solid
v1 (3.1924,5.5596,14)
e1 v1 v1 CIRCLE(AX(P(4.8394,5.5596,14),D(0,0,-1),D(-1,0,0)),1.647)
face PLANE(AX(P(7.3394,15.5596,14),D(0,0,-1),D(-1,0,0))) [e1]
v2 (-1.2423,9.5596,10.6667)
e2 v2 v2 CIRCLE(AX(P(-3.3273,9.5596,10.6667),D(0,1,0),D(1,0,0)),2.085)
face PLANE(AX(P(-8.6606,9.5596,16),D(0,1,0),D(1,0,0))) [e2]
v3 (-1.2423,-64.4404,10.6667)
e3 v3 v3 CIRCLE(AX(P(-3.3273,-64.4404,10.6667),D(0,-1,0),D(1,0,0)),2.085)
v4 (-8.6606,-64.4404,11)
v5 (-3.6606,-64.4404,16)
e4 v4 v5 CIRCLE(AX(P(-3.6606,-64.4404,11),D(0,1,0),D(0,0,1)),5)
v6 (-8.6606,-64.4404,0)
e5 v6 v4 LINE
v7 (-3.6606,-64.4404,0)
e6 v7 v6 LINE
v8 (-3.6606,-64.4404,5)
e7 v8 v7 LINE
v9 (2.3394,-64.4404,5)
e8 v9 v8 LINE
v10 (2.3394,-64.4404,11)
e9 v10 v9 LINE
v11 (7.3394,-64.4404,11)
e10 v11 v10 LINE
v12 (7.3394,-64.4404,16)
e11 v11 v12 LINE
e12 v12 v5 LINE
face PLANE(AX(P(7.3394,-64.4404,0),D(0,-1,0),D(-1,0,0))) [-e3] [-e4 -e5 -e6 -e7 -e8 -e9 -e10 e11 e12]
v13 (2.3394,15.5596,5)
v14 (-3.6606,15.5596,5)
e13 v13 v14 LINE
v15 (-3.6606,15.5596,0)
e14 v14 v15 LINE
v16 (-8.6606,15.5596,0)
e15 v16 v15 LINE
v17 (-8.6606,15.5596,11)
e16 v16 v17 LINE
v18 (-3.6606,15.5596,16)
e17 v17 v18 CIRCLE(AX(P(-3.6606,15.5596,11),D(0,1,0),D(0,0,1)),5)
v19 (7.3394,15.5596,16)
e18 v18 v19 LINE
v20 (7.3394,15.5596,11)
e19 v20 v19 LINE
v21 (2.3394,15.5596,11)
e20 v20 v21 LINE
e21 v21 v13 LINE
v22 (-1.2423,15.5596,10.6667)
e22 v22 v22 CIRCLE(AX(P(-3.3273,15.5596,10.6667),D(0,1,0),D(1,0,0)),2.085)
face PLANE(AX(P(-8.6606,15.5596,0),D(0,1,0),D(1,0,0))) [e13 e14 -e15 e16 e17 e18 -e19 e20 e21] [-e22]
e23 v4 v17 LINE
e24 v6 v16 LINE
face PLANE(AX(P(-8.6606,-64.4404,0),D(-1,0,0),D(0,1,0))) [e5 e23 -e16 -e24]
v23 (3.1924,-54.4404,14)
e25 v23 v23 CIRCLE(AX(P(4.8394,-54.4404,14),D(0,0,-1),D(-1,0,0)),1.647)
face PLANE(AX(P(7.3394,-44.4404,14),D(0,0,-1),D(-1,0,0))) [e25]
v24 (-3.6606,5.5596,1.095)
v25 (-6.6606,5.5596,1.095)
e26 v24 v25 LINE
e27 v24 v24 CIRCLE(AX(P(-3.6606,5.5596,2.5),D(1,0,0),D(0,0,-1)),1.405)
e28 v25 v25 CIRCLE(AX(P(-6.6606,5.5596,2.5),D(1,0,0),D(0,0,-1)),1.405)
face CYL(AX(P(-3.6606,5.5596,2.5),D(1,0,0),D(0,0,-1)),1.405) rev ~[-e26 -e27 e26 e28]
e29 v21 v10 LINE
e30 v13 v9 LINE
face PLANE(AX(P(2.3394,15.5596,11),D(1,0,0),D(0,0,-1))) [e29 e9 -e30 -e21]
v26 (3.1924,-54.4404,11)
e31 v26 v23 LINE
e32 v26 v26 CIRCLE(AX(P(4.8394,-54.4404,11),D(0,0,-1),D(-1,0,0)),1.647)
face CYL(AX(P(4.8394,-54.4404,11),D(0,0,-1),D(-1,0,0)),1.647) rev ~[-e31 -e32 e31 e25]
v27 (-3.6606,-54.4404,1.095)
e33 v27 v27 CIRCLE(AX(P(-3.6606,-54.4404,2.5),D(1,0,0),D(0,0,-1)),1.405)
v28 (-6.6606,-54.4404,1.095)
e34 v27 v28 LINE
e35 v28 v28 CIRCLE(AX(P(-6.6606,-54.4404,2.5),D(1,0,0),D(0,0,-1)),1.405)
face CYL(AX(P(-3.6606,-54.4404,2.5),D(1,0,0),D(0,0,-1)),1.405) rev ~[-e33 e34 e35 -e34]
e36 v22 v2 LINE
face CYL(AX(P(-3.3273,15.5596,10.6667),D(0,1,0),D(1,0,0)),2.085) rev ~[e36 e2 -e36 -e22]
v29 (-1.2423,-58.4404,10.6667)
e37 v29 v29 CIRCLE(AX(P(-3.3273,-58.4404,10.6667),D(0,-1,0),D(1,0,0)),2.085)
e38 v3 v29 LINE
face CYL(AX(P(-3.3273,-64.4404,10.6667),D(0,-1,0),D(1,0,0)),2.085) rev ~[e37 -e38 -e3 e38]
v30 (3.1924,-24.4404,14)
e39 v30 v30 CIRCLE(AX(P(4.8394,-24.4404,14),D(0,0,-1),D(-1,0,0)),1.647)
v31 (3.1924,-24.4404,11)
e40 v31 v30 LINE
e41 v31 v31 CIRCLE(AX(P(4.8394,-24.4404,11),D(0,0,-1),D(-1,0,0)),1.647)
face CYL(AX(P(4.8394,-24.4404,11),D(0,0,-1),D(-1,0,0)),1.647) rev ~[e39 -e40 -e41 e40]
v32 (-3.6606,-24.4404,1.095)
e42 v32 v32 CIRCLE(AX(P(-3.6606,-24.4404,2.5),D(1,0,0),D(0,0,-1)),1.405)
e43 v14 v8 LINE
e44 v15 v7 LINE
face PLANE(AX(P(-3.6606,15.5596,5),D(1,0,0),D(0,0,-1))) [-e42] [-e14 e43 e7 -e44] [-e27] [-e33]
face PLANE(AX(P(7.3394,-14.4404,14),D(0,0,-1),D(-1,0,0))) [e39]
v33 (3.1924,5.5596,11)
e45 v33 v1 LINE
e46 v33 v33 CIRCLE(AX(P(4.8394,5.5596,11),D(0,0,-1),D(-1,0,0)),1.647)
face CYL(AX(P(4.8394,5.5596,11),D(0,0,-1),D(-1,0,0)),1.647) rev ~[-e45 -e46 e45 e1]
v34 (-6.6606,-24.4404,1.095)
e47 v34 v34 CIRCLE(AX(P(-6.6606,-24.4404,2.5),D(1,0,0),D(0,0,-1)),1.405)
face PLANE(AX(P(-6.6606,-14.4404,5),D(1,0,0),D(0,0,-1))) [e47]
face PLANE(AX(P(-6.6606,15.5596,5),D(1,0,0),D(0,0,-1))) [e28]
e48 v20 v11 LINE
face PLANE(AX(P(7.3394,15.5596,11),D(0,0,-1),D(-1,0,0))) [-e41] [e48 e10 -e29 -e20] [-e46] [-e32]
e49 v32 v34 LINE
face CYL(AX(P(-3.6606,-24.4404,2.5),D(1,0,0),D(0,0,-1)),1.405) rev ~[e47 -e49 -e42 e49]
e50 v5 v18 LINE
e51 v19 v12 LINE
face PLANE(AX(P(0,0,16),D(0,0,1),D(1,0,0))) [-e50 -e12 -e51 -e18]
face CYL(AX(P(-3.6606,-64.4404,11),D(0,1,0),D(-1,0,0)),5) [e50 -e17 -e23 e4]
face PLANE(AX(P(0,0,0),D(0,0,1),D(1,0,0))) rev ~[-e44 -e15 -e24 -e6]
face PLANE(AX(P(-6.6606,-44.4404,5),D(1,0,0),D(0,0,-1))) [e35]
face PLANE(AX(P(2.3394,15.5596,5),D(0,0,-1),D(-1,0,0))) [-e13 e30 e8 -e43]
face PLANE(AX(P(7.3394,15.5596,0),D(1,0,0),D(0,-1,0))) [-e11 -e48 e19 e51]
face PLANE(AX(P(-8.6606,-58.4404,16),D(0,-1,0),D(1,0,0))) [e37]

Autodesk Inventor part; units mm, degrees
ref_plane "YZ Plane" through (0, 0, 0) normal (1, 0, 0) x (0, 1, 0)
ref_plane "XZ Plane" through (0, 0, 0) normal (0, 1, 0) x (-1, 0, 0)
ref_plane "XY Plane" through (0, 0, 0) normal (0, 0, 1) x (1, 0, 0)
sketch "Sketch1" plane through (0, 0, 0) normal (0, 0, 1) x (1, 0, 0)
  line L0 (-8.6606, 15.5596) -> (7.3394, 15.5596)
  line L1 (7.3394, 15.5596) -> (7.3394, -64.4404)
  line L2 (7.3394, -64.4404) -> (-8.6606, -64.4404)
  line L3 (-8.6606, -64.4404) -> (-8.6606, 15.5596)
  point P0 (0, 0)
  dimension "d2" = 16
  dimension "d3" = 80
extrude "Extrusion1" add sketch "Sketch1" along normal blind 16
sketch "Sketch2" plane through (-8.6606, 15.5596, 0) normal (0, 1, 0) x (1, 0, 0)
  line L0 (16, 0) -> (16, -16) projected
  line L1 (16, -11) -> (11, -11)
  line L2 (11, -11) -> (11, -5)
  line L3 (11, -5) -> (16, -5)
  line L4 (16, -5) -> (16, -11)
  line L5 (16, 0) -> (0, 0) projected
  line L6 (5, 0) -> (11, 0)
  line L7 (11, 0) -> (11, -5)
  line L8 (11, -5) -> (5, -5)
  line L9 (5, -5) -> (5, 0)
  line L10 (16, -16) -> (0, -16) projected
  line L11 (0, 0) -> (0, -16) projected
  point P0 (8.6606, 0)
  point P1 (5, -16)
  point P2 (0, -11)
  dimension "d5" = 5
  dimension "d6" = 5
  dimension "d7" = 5
  dimension "d8" = 5
  dimension "d9" = 5
  dimension "d10" = 5
extrude "Extrusion2" cut sketch "Sketch2" against normal blind 80 contours L0 L3 L7 L5 | L0 L1 L2 L3 | L7 L8 L9 L5
sketch "Sketch4" plane through (-8.6606, 15.5596, 16) normal (0, 1, 0) x (1, 0, 0)
  line L0 (6.9788, 8.1833) -> (8.6242, 5.3333)
  line L1 (8.6242, 5.3333) -> (6.9788, 2.4833)
  line L2 (6.9788, 2.4833) -> (3.6879, 2.4833)
  line L3 (3.6879, 2.4833) -> (2.0424, 5.3333)
  line L4 (2.0424, 5.3333) -> (3.6879, 8.1833)
  line L5 (3.6879, 8.1833) -> (6.9788, 8.1833)
  line L6 (16, 0) -> (0, 0) projected
  line L7 (0, 16) -> (0, 0) projected
  circle A0 centre (5.3333, 5.3333) radius 2.085
  point P0 (8.6606, 16)
  dimension "d13" = 5.3333
  dimension "d14" = 5.3333
  dimension "d15" = 5.7
  dimension "d23" = 4.17
extrude "Extrusion3" cut sketch "Sketch4" against normal blind 6 from surface at 0 contours A0
sketch "Sketch5" plane through (-8.6606, -64.4404, 16) normal (0, -1, 0) x (1, 0, 0)
  line L0 (3.6879, -2.4833) -> (2.0424, -5.3333) projected
  line L1 (3.6879, -2.4833) -> (6.9788, -2.4833)
  line L2 (6.9788, -2.4833) -> (8.6242, -5.3333)
  line L3 (8.6242, -5.3333) -> (6.9788, -8.1833)
  line L4 (6.9788, -8.1833) -> (3.6879, -8.1833)
  line L5 (3.6879, -8.1833) -> (2.0424, -5.3333)
  line L6 (2.0424, -5.3333) -> (3.6879, -2.4833)
  line L7 (0, 0) -> (16, 0) projected
  line L8 (0, -16) -> (0, 0) projected
  circle A0 centre (5.3333, -5.3333) radius 2.085
  point P0 (8.6606, -16)
  dimension "d18" = 5.3333
  dimension "d19" = 5.3333
  dimension "d24" = 4.17
extrude "Extrusion4" cut sketch "Sketch5" against normal blind 6 contours A0
fillet "Fillet2" radius 5 1 edges at (-8.6606, -24.4404, 16)
sketch "Sketch6" plane through (-3.6606, 15.5596, 5) normal (1, 0, 0) x (0, 0, -1)
  circle A0 centre (2.5, -10) radius 1.405
  line L0 (5, 0) -> (5, -80) projected
  line L1 (0, 0) -> (5, 0) projected
  point P0 (5, -15.5596)
  dimension "d25" = 2.81
  dimension "d26" = 2.5
  dimension "d27" = 10
extrude "Extrusion5" cut sketch "Sketch6" against normal blind 3
pattern_linear "Rectangular Pattern1" count 3 spacing 30 along (0, -1, 0) of "Extrusion5"
sketch "Sketch7" plane through (7.3394, 15.5596, 11) normal (0, 0, -1) x (-1, 0, 0)
  circle A0 centre (2.5, -10) radius 1.647
  line L0 (0, 0) -> (5, 0) projected
  line L1 (0, -80) -> (0, 0) projected
  point P0 (7.3394, -15.5596)
  dimension "d33" = 10
  dimension "d34" = 2.5
extrude "Extrusion6" cut sketch "Sketch7" against normal blind 3
pattern_linear "Rectangular Pattern2" count 3 spacing 30 along (0, -1, 0) of "Extrusion6"
equation "\"d2\" = SheetThickness + 2 * CornerOffset"
equation "\"d3\" = BoxHeight"
equation "\"d0\" = SheetThickness + 2 * CornerOffset"
equation "\"d5\" = CornerOffset"
equation "\"d6\" = CornerOffset"
equation "\"d7\" = CornerOffset"
equation "\"d8\" = CornerOffset"
equation "\"d9\" = CornerOffset"
equation "\"d10\" = CornerOffset"
equation "\"d11\" = BoxHeight"
equation "\"d13\" = 0.666667 * CornerOffset + 0.333333 * SheetThickness"
equation "\"d14\" = 0.666667 * CornerOffset + 0.333333 * SheetThickness"
equation "\"d15\" = NutS"
equation "\"d23\" = NutThreadD2"
equation "\"d16\" = NutThreadL"
equation "\"d18\" = 0.666667 * CornerOffset + 0.333333 * SheetThickness"
equation "\"d24\" = NutThreadD2"
equation "\"d20\" = NutThreadL"
equation "\"d25\" = SideNutThreadd2"
equation "\"d26\" = SideNutWidth"
equation "\"d27\" = SideNutDistance"
equation "\"d33\" = SideNutDistance"
equation "\"d34\" = SideNutWidth"
equation "\"BoxHeight\" = 80"
equation "\"SheetThickness\" = 6"
equation "\"CornerOffset\" = 5"
equation "\"NutM\" = 2.7"
equation "\"NutS\" = 5.7"
equation "\"NutThreadD2\" = 4.17"
equation "\"NutThreadL\" = 6"
equation "\"SideNutThreadd2\" = 2.81"
equation "\"SideNutDistance\" = 10"
equation "\"SideNutWidth\" = 2.5"
properties part number "Corner"
